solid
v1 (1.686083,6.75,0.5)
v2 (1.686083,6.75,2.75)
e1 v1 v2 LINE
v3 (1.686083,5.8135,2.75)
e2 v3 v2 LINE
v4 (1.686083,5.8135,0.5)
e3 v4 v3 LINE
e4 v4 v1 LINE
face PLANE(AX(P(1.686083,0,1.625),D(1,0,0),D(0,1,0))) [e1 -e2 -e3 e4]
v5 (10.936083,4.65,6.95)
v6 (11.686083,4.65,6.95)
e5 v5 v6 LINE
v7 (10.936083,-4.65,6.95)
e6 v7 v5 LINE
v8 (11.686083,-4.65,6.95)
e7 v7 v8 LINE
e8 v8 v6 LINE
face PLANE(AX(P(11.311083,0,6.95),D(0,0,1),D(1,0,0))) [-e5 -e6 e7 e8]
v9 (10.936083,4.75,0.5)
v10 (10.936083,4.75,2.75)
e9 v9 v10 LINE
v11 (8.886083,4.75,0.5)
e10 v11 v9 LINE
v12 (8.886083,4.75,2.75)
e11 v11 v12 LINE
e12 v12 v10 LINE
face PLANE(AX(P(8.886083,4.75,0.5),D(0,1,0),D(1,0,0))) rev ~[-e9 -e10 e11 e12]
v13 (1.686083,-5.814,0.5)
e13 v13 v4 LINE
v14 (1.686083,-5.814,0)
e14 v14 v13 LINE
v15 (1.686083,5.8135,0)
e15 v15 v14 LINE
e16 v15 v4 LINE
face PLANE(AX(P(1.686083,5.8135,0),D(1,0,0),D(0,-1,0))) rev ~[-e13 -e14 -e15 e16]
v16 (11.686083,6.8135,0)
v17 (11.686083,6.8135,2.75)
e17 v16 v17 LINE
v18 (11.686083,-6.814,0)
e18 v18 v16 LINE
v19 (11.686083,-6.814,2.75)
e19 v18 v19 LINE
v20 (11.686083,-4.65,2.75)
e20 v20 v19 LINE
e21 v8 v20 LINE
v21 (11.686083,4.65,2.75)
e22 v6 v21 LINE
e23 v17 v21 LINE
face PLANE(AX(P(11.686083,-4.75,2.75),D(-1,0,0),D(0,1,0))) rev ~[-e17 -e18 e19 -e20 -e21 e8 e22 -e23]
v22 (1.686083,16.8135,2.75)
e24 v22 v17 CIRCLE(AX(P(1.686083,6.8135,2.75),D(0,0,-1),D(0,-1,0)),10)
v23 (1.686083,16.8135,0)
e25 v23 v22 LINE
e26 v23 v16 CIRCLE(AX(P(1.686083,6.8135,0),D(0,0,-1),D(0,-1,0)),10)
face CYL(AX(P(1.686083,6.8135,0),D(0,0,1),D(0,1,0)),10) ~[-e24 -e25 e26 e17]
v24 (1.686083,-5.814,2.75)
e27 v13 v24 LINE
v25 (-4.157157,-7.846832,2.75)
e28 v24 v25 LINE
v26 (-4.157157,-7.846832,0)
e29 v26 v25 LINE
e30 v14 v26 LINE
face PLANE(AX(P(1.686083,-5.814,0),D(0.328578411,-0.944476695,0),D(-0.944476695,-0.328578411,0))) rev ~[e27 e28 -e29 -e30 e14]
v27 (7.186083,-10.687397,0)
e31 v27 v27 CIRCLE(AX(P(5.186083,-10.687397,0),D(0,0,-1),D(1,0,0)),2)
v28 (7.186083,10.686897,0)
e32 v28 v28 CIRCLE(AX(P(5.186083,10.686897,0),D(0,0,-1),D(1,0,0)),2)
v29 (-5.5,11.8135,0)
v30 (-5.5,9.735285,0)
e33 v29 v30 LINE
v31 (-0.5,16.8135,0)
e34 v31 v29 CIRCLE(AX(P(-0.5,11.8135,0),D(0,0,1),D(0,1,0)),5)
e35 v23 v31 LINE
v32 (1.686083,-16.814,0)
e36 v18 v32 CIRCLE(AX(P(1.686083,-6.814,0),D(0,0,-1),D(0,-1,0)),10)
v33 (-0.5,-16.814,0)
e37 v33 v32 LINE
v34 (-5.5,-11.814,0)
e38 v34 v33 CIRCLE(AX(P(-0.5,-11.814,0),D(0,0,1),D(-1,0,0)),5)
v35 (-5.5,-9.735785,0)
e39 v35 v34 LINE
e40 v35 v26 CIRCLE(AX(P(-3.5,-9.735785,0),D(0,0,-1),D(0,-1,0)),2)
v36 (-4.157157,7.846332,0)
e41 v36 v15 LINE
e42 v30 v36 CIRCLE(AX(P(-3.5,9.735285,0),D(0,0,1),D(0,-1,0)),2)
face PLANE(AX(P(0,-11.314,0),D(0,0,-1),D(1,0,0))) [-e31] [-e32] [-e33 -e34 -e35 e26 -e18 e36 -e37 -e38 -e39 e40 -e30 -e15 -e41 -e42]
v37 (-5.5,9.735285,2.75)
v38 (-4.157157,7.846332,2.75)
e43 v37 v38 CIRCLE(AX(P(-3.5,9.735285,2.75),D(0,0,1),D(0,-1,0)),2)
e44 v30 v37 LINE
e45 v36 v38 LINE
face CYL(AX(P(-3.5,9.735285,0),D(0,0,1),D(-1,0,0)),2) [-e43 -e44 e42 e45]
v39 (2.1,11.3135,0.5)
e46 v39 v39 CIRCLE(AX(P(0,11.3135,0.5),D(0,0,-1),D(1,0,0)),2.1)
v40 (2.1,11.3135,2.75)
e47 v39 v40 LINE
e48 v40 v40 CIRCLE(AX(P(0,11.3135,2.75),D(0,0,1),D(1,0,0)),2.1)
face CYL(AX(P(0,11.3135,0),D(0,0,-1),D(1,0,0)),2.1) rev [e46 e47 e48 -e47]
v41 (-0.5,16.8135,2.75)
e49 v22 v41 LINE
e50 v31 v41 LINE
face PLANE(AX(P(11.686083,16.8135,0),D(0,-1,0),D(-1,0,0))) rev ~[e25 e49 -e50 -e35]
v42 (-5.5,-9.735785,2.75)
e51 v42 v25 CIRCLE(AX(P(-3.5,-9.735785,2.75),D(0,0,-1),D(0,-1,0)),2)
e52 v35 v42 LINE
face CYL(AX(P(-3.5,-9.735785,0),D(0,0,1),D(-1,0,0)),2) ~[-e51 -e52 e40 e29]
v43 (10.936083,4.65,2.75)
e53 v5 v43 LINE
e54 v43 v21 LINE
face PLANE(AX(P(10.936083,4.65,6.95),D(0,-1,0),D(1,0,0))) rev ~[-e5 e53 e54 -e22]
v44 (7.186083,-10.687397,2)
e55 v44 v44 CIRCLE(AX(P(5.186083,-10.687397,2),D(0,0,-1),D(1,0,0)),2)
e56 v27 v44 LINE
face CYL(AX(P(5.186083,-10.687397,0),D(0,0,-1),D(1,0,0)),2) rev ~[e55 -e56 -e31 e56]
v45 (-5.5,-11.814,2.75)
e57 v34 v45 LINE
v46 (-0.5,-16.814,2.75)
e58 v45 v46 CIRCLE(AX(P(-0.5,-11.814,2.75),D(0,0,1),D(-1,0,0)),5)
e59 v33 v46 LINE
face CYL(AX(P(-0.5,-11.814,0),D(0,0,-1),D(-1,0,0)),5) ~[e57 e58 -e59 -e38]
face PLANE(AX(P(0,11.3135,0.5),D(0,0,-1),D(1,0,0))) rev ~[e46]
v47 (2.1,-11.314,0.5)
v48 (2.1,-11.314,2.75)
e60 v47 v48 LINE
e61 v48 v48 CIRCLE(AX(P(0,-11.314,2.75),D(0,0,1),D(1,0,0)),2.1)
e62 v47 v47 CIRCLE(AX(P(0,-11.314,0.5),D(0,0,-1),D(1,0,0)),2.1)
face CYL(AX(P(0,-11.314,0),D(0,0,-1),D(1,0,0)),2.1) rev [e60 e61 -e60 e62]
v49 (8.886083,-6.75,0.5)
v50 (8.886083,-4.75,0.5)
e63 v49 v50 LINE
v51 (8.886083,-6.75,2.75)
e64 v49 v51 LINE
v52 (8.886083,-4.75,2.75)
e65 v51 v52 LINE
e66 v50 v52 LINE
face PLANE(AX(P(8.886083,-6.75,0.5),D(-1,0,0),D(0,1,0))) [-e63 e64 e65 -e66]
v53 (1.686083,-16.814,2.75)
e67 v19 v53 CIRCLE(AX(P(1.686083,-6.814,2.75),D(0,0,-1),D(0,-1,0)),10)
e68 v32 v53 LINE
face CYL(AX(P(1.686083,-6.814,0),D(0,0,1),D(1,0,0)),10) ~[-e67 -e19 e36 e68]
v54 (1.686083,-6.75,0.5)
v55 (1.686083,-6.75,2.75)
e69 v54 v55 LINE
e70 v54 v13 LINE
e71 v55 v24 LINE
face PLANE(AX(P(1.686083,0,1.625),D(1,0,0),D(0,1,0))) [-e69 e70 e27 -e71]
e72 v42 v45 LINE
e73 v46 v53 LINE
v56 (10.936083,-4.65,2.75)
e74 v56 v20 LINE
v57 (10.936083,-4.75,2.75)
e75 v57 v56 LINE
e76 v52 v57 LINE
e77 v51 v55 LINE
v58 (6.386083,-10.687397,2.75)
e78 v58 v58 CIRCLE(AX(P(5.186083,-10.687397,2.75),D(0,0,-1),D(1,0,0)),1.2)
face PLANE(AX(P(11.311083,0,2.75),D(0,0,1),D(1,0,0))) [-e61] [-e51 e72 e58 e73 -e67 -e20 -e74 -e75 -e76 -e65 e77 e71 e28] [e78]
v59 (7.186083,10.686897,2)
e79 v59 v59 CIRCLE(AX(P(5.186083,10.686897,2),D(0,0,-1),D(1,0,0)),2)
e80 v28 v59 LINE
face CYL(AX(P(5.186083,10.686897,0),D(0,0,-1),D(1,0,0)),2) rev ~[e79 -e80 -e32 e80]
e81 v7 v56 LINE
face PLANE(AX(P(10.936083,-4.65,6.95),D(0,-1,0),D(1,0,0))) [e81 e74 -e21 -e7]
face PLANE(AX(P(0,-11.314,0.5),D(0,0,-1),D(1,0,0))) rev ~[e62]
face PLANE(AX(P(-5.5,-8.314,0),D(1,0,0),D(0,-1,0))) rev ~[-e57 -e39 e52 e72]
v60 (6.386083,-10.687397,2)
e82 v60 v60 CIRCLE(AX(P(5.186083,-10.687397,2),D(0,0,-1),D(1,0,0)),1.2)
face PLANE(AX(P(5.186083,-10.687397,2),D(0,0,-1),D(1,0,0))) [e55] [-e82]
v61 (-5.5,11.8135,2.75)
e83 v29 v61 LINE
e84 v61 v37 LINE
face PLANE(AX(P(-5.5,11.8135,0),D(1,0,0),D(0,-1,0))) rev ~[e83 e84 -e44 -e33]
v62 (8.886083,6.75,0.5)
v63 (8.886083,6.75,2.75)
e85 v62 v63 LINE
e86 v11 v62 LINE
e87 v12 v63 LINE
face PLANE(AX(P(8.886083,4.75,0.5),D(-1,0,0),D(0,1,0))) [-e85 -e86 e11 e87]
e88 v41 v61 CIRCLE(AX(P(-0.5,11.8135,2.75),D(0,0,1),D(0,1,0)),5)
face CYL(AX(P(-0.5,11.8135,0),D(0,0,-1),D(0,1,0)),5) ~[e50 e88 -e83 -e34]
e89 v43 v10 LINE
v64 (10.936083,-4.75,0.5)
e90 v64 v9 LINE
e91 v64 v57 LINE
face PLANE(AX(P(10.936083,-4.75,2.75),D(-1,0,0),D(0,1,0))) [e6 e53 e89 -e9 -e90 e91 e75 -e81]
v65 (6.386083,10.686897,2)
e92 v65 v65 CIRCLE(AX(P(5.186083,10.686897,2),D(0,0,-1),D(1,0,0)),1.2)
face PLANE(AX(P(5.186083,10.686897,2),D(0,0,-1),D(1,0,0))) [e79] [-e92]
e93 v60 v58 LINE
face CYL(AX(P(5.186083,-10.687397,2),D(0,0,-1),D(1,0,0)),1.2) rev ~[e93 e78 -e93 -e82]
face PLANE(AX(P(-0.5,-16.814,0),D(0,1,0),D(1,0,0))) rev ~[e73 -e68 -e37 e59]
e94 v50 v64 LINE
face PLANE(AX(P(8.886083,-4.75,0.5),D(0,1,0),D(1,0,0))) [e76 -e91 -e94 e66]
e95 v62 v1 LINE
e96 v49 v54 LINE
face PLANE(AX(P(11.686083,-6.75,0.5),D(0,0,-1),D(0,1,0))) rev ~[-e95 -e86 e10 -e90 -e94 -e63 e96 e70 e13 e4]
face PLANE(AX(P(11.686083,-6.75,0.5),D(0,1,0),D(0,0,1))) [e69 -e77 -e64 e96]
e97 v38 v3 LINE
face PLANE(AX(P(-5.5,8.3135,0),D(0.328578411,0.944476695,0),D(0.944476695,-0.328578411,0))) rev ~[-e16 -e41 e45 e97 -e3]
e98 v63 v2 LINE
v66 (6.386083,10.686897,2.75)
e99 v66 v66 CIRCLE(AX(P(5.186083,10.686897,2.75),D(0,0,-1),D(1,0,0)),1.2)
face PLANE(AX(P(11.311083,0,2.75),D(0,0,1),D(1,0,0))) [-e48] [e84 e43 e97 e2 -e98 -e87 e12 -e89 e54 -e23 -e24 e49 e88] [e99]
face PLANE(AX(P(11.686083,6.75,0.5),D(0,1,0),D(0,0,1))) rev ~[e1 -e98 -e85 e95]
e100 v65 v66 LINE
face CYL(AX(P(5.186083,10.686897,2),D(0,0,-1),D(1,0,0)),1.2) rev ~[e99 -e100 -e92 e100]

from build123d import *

# Parameters (mm, degrees)
F0_R      = 2.1
F1_DEPTH  = 2.75
F2_W      = 13.5
F2_H      = 2.25
F3_DEPTH  = 10
F4_W      = 2.8
F4_H      = 2
F5_DEPTH  = 2.25
F6_R      = 10
F7_R      = 2
F8_R      = 2
F9_DEPTH  = 2
F10_R     = 1.2
F11_R     = 1.2
F12_DEPTH = 0.75
F13_W     = 0.75
F13_H     = 9.5
F14_DEPTH = 2.25
F15_W     = 0.75
F15_H     = 9.5
F16_DEPTH = 4.2
F17_R     = 2.1
F18_DEPTH = 0.5
F19_W     = 0.75
F19_H     = 0.1
F20_DEPTH = 4.2


with BuildPart() as f1:
    # F0 (on Top) → F1 (new body)
    with BuildSketch(Plane.XY):
        with BuildLine():
            Line((11.6860830059, 16.8135), (5.5, 16.8135))
            Line((5.5, 16.8135), (-0.5, 16.8135))
            ThreePointArc((-0.5, 16.8135), (-4.0355339059, 15.3490339059), (-5.5, 11.8135))
            Line((-5.5, 11.8135), (-5.5, 8.3135))
            Line((-5.5, 8.3135), (1.6860830059, 5.8135))
            Line((1.6860830059, 5.8135), (1.6860830059, -5.814))
            Line((1.6860830059, -5.814), (-5.5, -8.314))
            Line((-5.5, -8.314), (-5.5, -11.814))
            ThreePointArc((-5.5, -11.814), (-4.0355339059, -15.3495339059), (-0.5, -16.814))
            Line((-0.5, -16.814), (5.5, -16.814))
            Line((5.5, -16.814), (11.6860830059, -16.814))
            Line((11.6860830059, -16.814), (11.6860830059, 16.8135))
        make_face()
        with Locations((0, -11.314)):
            Circle(F0_R, mode=Mode.SUBTRACT)
        with Locations((0, 11.3135)):
            Circle(F0_R, mode=Mode.SUBTRACT)
    extrude(amount=F1_DEPTH)

    # F2 (on face) → F3 (cut, through all)
    with BuildSketch(Plane.YZ.offset(11.6860830059)):
        with Locations((0, 1.625)):
            Rectangle(F2_W, F2_H)
    extrude(amount=-F3_DEPTH, mode=Mode.SUBTRACT)

    # F4 (on face) → F5 (join, through all)
    with BuildSketch(Plane.XY.offset(0.5)):
        with Locations((10.2860830059, -5.75)):
            Rectangle(F4_W, F4_H)
        with Locations((10.2860830059, 5.75)):
            Rectangle(F4_W, F4_H)
    extrude(amount=F5_DEPTH)

    # F6
    f6_edges = [f1.edges().sort_by_distance(p)[0] for p in [
        (11.686083, -16.814, 1.375),
        (11.686083, 16.8135, 1.375),
    ]]
    fillet(f6_edges, radius=F6_R)

    # F7
    f7_edges = [f1.edges().sort_by_distance(p)[0] for p in [
        (-5.5, -8.314, 1.375),
        (-5.5, 8.3135, 1.375),
    ]]
    fillet(f7_edges, radius=F7_R)

    # F8 (on face) → F9 (cut)
    with BuildSketch(Plane(origin=(0, 0, 0), x_dir=(1, 0, 0), z_dir=(0, 0, -1))):
        with Locations((5.1860830059, -10.6868971724)):
            Circle(F8_R)
        with Locations((5.1860830059, 10.6873971724)):
            Circle(F8_R)
    extrude(amount=-F9_DEPTH, mode=Mode.SUBTRACT)

    # F10 (on face) + F11 (on face) → F12 (cut, through all)
    with BuildSketch(Plane(origin=(0, 0, 2), x_dir=(1, 0, 0), z_dir=(0, 0, -1))):
        with Locations((5.1860830059, -10.6868971724)):
            Circle(F10_R)
    with BuildSketch(Plane(origin=(0, 0, 2), x_dir=(1, 0, 0), z_dir=(0, 0, -1))):
        with Locations((5.1860830059, 10.6873971724)):
            Circle(F11_R)
    extrude(amount=-F12_DEPTH, mode=Mode.SUBTRACT)

    # F13 (on face) → F14 (join, through all)
    with BuildSketch(Plane.XY.offset(0.5)):
        with Locations((11.3110830059, 0)):
            Rectangle(F13_W, F13_H)
    extrude(amount=F14_DEPTH)

    # F15 (on face) → F16 (join)
    with BuildSketch(Plane.XY.offset(2.75)):
        with Locations((11.3110830059, 0)):
            Rectangle(F15_W, F15_H)
    extrude(amount=F16_DEPTH)

    # F17 (on face) → F18 (join)
    with BuildSketch(Plane(origin=(0, 0, 0), x_dir=(1, 0, 0), z_dir=(0, 0, -1))):
        with Locations((0, 11.314)):
            Circle(F17_R)
        with Locations((0, -11.3135)):
            Circle(F17_R)
    extrude(amount=-F18_DEPTH)

    # F19 (on face) → F20 (cut, through all)
    with BuildSketch(Plane.XY.offset(6.95)):
        with Locations((11.3110830059, 4.7)):
            Rectangle(F19_W, F19_H)
        with Locations((11.3110830059, -4.7)):
            Rectangle(F19_W, F19_H)
    extrude(amount=-F20_DEPTH, mode=Mode.SUBTRACT)


solid = f1.part
